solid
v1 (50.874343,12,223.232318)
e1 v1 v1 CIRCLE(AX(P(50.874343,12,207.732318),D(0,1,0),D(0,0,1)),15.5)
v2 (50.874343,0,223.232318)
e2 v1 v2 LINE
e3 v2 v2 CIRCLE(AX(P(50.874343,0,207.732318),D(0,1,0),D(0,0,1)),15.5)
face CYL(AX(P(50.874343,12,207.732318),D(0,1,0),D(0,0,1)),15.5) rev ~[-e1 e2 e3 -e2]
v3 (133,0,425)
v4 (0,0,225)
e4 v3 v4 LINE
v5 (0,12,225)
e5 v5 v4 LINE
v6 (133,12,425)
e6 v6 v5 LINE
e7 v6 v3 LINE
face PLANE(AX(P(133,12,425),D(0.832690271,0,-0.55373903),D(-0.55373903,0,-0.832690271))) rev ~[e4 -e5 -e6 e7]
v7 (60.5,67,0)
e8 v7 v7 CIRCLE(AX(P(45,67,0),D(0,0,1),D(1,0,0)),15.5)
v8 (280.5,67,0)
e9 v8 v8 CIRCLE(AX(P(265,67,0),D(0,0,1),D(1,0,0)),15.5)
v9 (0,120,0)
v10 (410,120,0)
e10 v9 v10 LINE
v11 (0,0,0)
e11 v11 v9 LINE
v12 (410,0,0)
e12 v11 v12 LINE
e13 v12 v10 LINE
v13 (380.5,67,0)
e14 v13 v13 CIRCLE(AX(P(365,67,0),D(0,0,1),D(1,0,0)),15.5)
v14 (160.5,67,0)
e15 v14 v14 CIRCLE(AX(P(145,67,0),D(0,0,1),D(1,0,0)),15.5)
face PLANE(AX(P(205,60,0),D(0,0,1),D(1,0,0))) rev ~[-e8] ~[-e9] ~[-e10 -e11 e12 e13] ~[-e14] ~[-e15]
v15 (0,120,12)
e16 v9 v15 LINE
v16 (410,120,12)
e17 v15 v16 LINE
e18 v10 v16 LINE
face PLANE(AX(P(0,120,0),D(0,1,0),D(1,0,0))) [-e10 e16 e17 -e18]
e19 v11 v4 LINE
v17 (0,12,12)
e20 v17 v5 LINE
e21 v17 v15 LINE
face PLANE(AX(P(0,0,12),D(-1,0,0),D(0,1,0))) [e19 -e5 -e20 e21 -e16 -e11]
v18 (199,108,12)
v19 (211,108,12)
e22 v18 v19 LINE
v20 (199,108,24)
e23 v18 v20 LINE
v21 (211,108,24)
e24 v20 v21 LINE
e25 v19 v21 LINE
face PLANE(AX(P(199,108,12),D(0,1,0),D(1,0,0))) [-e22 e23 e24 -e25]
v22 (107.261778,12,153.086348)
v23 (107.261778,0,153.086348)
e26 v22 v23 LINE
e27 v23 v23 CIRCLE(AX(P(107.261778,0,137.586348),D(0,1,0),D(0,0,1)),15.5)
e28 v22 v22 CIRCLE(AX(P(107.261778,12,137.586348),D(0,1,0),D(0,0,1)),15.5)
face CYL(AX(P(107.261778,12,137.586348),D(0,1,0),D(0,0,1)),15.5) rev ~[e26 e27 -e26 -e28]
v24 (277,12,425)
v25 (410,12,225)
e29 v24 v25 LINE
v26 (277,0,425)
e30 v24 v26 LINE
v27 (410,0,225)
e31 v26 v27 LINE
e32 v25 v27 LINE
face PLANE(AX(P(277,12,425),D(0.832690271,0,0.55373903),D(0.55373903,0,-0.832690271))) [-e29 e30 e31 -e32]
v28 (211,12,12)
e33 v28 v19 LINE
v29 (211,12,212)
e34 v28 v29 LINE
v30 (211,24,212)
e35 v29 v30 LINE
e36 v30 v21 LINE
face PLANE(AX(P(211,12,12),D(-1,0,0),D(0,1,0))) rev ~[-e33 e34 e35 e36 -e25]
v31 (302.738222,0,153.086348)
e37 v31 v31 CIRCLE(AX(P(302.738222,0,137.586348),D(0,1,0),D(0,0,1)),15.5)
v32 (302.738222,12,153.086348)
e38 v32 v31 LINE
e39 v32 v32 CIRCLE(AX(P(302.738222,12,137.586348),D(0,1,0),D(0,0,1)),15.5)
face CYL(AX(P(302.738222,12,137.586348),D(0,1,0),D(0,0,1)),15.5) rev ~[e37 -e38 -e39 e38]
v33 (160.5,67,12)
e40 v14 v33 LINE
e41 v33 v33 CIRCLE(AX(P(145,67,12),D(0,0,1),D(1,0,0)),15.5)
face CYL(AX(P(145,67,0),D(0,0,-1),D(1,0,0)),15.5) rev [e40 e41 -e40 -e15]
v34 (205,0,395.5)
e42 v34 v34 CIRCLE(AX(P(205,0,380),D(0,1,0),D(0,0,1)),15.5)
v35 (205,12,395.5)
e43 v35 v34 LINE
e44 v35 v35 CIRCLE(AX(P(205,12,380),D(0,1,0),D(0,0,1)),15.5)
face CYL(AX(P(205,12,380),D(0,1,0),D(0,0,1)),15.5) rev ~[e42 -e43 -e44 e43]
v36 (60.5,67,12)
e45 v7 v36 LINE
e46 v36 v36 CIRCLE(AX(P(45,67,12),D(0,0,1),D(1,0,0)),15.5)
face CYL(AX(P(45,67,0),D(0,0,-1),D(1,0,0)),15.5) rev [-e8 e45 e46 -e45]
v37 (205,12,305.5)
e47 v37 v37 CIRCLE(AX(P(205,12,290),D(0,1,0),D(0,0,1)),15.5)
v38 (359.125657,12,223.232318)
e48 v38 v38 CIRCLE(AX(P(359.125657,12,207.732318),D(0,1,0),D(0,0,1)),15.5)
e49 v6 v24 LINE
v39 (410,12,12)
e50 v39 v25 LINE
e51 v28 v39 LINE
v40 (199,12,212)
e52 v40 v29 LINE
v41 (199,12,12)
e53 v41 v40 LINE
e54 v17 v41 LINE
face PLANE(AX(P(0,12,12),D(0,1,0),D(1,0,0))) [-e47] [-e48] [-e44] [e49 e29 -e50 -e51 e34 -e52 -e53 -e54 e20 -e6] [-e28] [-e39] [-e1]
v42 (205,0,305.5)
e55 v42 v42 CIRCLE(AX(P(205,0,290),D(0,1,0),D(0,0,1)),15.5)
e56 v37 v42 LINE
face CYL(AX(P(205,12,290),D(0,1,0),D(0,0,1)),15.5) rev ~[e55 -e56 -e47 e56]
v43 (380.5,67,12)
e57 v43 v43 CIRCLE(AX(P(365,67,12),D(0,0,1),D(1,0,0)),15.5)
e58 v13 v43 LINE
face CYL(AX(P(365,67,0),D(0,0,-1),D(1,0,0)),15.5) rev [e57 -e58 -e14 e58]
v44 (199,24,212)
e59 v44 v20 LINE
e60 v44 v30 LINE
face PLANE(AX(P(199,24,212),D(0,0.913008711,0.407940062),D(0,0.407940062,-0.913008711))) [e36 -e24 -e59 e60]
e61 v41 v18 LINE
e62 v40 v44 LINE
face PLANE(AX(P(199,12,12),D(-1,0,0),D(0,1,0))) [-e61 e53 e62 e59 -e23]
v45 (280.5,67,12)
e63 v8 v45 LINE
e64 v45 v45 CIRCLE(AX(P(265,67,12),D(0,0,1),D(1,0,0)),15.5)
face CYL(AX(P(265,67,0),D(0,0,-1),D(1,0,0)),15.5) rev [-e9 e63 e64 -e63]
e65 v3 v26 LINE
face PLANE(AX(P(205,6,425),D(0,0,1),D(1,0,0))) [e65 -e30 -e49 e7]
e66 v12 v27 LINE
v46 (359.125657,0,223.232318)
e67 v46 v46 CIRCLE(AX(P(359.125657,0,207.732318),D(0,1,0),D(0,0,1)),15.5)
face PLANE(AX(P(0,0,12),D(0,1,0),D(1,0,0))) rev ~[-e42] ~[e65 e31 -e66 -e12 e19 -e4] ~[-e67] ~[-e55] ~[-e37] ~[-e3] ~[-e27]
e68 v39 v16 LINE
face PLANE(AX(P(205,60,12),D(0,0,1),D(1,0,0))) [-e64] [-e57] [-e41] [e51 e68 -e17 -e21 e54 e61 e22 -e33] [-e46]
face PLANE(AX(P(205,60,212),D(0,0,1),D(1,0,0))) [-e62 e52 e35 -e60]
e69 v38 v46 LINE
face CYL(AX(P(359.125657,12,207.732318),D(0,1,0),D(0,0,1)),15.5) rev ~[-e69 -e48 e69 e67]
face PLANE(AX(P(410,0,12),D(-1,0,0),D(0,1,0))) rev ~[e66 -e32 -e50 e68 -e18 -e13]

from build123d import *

# Parameters (mm, degrees)
SKETCH1_W      = 410
SKETCH1_H      = 120
SKETCH1_R      = 15.5
EXTRUDE1_DEPTH = 12
SKETCH2_W      = 410
SKETCH2_H      = 12
EXTRUDE2_DEPTH = 413
SKETCH3_R      = 15.5
EXTRUDE3_DEPTH = 413
SKETCH4_W      = 12
SKETCH4_H      = 96
EXTRUDE4_DEPTH = 200
EXTRUDE5_DEPTH = 200


with BuildPart() as part:
    # Sketch1 → Extrude1 (new body)
    with BuildSketch(Plane.XY):
        with Locations((205, 60)):
            Rectangle(SKETCH1_W, SKETCH1_H)
        with Locations((45, 67)):
            Circle(SKETCH1_R, mode=Mode.SUBTRACT)
        with Locations((145, 67)):
            Circle(SKETCH1_R, mode=Mode.SUBTRACT)
        with Locations((265, 67)):
            Circle(SKETCH1_R, mode=Mode.SUBTRACT)
        with Locations((365, 67)):
            Circle(SKETCH1_R, mode=Mode.SUBTRACT)
    extrude(amount=EXTRUDE1_DEPTH)

    # Sketch2 → Extrude2 (add)
    with BuildSketch(Plane.XY.offset(12)):
        with Locations((205, 6)):
            Rectangle(SKETCH2_W, SKETCH2_H)
    extrude(amount=EXTRUDE2_DEPTH)

    # Sketch3 → Extrude3 (cut)
    with BuildSketch(Plane(origin=(0, 12, 0), x_dir=(1, 0, 0), z_dir=(0, 1, 0))):
        with Locations(Location((302.738221798, -137.586347917, 0), (0, 0, 270))):
            Circle(SKETCH3_R)
        with Locations(Location((359.125657451, -207.732317869, 0), (0, 0, 270))):
            Circle(SKETCH3_R)
        with Locations(Location((107.261778202, -137.586347917, 0), (0, 0, 270))):
            Circle(SKETCH3_R)
        with Locations(Location((50.874342549, -207.732317869, 0), (0, 0, 270))):
            Circle(SKETCH3_R)
        with Locations(Location((205, -380, 0), (0, 0, 270))):
            Circle(SKETCH3_R)
        with Locations(Location((205, -290, 0), (0, 0, 270))):
            Circle(SKETCH3_R)
        Polygon((0, -425), (133, -425), (0, -225), align=None)
        Polygon((410, -425), (277, -425), (410, -225), align=None)
    extrude(amount=-EXTRUDE3_DEPTH, mode=Mode.SUBTRACT)

    # Sketch4 → Extrude4 (add)
    with BuildSketch(Plane.XY.offset(12)):
        with Locations((205, 60)):
            Rectangle(SKETCH4_W, SKETCH4_H)
    extrude(amount=EXTRUDE4_DEPTH)

    # Sketch5 → Extrude5 (cut)
    with BuildSketch(Plane.ZY.offset(-199)):
        Polygon((212, 108), (212, 24), (24, 108), align=None)
    extrude(amount=-EXTRUDE5_DEPTH, mode=Mode.SUBTRACT)


solid = part.part
